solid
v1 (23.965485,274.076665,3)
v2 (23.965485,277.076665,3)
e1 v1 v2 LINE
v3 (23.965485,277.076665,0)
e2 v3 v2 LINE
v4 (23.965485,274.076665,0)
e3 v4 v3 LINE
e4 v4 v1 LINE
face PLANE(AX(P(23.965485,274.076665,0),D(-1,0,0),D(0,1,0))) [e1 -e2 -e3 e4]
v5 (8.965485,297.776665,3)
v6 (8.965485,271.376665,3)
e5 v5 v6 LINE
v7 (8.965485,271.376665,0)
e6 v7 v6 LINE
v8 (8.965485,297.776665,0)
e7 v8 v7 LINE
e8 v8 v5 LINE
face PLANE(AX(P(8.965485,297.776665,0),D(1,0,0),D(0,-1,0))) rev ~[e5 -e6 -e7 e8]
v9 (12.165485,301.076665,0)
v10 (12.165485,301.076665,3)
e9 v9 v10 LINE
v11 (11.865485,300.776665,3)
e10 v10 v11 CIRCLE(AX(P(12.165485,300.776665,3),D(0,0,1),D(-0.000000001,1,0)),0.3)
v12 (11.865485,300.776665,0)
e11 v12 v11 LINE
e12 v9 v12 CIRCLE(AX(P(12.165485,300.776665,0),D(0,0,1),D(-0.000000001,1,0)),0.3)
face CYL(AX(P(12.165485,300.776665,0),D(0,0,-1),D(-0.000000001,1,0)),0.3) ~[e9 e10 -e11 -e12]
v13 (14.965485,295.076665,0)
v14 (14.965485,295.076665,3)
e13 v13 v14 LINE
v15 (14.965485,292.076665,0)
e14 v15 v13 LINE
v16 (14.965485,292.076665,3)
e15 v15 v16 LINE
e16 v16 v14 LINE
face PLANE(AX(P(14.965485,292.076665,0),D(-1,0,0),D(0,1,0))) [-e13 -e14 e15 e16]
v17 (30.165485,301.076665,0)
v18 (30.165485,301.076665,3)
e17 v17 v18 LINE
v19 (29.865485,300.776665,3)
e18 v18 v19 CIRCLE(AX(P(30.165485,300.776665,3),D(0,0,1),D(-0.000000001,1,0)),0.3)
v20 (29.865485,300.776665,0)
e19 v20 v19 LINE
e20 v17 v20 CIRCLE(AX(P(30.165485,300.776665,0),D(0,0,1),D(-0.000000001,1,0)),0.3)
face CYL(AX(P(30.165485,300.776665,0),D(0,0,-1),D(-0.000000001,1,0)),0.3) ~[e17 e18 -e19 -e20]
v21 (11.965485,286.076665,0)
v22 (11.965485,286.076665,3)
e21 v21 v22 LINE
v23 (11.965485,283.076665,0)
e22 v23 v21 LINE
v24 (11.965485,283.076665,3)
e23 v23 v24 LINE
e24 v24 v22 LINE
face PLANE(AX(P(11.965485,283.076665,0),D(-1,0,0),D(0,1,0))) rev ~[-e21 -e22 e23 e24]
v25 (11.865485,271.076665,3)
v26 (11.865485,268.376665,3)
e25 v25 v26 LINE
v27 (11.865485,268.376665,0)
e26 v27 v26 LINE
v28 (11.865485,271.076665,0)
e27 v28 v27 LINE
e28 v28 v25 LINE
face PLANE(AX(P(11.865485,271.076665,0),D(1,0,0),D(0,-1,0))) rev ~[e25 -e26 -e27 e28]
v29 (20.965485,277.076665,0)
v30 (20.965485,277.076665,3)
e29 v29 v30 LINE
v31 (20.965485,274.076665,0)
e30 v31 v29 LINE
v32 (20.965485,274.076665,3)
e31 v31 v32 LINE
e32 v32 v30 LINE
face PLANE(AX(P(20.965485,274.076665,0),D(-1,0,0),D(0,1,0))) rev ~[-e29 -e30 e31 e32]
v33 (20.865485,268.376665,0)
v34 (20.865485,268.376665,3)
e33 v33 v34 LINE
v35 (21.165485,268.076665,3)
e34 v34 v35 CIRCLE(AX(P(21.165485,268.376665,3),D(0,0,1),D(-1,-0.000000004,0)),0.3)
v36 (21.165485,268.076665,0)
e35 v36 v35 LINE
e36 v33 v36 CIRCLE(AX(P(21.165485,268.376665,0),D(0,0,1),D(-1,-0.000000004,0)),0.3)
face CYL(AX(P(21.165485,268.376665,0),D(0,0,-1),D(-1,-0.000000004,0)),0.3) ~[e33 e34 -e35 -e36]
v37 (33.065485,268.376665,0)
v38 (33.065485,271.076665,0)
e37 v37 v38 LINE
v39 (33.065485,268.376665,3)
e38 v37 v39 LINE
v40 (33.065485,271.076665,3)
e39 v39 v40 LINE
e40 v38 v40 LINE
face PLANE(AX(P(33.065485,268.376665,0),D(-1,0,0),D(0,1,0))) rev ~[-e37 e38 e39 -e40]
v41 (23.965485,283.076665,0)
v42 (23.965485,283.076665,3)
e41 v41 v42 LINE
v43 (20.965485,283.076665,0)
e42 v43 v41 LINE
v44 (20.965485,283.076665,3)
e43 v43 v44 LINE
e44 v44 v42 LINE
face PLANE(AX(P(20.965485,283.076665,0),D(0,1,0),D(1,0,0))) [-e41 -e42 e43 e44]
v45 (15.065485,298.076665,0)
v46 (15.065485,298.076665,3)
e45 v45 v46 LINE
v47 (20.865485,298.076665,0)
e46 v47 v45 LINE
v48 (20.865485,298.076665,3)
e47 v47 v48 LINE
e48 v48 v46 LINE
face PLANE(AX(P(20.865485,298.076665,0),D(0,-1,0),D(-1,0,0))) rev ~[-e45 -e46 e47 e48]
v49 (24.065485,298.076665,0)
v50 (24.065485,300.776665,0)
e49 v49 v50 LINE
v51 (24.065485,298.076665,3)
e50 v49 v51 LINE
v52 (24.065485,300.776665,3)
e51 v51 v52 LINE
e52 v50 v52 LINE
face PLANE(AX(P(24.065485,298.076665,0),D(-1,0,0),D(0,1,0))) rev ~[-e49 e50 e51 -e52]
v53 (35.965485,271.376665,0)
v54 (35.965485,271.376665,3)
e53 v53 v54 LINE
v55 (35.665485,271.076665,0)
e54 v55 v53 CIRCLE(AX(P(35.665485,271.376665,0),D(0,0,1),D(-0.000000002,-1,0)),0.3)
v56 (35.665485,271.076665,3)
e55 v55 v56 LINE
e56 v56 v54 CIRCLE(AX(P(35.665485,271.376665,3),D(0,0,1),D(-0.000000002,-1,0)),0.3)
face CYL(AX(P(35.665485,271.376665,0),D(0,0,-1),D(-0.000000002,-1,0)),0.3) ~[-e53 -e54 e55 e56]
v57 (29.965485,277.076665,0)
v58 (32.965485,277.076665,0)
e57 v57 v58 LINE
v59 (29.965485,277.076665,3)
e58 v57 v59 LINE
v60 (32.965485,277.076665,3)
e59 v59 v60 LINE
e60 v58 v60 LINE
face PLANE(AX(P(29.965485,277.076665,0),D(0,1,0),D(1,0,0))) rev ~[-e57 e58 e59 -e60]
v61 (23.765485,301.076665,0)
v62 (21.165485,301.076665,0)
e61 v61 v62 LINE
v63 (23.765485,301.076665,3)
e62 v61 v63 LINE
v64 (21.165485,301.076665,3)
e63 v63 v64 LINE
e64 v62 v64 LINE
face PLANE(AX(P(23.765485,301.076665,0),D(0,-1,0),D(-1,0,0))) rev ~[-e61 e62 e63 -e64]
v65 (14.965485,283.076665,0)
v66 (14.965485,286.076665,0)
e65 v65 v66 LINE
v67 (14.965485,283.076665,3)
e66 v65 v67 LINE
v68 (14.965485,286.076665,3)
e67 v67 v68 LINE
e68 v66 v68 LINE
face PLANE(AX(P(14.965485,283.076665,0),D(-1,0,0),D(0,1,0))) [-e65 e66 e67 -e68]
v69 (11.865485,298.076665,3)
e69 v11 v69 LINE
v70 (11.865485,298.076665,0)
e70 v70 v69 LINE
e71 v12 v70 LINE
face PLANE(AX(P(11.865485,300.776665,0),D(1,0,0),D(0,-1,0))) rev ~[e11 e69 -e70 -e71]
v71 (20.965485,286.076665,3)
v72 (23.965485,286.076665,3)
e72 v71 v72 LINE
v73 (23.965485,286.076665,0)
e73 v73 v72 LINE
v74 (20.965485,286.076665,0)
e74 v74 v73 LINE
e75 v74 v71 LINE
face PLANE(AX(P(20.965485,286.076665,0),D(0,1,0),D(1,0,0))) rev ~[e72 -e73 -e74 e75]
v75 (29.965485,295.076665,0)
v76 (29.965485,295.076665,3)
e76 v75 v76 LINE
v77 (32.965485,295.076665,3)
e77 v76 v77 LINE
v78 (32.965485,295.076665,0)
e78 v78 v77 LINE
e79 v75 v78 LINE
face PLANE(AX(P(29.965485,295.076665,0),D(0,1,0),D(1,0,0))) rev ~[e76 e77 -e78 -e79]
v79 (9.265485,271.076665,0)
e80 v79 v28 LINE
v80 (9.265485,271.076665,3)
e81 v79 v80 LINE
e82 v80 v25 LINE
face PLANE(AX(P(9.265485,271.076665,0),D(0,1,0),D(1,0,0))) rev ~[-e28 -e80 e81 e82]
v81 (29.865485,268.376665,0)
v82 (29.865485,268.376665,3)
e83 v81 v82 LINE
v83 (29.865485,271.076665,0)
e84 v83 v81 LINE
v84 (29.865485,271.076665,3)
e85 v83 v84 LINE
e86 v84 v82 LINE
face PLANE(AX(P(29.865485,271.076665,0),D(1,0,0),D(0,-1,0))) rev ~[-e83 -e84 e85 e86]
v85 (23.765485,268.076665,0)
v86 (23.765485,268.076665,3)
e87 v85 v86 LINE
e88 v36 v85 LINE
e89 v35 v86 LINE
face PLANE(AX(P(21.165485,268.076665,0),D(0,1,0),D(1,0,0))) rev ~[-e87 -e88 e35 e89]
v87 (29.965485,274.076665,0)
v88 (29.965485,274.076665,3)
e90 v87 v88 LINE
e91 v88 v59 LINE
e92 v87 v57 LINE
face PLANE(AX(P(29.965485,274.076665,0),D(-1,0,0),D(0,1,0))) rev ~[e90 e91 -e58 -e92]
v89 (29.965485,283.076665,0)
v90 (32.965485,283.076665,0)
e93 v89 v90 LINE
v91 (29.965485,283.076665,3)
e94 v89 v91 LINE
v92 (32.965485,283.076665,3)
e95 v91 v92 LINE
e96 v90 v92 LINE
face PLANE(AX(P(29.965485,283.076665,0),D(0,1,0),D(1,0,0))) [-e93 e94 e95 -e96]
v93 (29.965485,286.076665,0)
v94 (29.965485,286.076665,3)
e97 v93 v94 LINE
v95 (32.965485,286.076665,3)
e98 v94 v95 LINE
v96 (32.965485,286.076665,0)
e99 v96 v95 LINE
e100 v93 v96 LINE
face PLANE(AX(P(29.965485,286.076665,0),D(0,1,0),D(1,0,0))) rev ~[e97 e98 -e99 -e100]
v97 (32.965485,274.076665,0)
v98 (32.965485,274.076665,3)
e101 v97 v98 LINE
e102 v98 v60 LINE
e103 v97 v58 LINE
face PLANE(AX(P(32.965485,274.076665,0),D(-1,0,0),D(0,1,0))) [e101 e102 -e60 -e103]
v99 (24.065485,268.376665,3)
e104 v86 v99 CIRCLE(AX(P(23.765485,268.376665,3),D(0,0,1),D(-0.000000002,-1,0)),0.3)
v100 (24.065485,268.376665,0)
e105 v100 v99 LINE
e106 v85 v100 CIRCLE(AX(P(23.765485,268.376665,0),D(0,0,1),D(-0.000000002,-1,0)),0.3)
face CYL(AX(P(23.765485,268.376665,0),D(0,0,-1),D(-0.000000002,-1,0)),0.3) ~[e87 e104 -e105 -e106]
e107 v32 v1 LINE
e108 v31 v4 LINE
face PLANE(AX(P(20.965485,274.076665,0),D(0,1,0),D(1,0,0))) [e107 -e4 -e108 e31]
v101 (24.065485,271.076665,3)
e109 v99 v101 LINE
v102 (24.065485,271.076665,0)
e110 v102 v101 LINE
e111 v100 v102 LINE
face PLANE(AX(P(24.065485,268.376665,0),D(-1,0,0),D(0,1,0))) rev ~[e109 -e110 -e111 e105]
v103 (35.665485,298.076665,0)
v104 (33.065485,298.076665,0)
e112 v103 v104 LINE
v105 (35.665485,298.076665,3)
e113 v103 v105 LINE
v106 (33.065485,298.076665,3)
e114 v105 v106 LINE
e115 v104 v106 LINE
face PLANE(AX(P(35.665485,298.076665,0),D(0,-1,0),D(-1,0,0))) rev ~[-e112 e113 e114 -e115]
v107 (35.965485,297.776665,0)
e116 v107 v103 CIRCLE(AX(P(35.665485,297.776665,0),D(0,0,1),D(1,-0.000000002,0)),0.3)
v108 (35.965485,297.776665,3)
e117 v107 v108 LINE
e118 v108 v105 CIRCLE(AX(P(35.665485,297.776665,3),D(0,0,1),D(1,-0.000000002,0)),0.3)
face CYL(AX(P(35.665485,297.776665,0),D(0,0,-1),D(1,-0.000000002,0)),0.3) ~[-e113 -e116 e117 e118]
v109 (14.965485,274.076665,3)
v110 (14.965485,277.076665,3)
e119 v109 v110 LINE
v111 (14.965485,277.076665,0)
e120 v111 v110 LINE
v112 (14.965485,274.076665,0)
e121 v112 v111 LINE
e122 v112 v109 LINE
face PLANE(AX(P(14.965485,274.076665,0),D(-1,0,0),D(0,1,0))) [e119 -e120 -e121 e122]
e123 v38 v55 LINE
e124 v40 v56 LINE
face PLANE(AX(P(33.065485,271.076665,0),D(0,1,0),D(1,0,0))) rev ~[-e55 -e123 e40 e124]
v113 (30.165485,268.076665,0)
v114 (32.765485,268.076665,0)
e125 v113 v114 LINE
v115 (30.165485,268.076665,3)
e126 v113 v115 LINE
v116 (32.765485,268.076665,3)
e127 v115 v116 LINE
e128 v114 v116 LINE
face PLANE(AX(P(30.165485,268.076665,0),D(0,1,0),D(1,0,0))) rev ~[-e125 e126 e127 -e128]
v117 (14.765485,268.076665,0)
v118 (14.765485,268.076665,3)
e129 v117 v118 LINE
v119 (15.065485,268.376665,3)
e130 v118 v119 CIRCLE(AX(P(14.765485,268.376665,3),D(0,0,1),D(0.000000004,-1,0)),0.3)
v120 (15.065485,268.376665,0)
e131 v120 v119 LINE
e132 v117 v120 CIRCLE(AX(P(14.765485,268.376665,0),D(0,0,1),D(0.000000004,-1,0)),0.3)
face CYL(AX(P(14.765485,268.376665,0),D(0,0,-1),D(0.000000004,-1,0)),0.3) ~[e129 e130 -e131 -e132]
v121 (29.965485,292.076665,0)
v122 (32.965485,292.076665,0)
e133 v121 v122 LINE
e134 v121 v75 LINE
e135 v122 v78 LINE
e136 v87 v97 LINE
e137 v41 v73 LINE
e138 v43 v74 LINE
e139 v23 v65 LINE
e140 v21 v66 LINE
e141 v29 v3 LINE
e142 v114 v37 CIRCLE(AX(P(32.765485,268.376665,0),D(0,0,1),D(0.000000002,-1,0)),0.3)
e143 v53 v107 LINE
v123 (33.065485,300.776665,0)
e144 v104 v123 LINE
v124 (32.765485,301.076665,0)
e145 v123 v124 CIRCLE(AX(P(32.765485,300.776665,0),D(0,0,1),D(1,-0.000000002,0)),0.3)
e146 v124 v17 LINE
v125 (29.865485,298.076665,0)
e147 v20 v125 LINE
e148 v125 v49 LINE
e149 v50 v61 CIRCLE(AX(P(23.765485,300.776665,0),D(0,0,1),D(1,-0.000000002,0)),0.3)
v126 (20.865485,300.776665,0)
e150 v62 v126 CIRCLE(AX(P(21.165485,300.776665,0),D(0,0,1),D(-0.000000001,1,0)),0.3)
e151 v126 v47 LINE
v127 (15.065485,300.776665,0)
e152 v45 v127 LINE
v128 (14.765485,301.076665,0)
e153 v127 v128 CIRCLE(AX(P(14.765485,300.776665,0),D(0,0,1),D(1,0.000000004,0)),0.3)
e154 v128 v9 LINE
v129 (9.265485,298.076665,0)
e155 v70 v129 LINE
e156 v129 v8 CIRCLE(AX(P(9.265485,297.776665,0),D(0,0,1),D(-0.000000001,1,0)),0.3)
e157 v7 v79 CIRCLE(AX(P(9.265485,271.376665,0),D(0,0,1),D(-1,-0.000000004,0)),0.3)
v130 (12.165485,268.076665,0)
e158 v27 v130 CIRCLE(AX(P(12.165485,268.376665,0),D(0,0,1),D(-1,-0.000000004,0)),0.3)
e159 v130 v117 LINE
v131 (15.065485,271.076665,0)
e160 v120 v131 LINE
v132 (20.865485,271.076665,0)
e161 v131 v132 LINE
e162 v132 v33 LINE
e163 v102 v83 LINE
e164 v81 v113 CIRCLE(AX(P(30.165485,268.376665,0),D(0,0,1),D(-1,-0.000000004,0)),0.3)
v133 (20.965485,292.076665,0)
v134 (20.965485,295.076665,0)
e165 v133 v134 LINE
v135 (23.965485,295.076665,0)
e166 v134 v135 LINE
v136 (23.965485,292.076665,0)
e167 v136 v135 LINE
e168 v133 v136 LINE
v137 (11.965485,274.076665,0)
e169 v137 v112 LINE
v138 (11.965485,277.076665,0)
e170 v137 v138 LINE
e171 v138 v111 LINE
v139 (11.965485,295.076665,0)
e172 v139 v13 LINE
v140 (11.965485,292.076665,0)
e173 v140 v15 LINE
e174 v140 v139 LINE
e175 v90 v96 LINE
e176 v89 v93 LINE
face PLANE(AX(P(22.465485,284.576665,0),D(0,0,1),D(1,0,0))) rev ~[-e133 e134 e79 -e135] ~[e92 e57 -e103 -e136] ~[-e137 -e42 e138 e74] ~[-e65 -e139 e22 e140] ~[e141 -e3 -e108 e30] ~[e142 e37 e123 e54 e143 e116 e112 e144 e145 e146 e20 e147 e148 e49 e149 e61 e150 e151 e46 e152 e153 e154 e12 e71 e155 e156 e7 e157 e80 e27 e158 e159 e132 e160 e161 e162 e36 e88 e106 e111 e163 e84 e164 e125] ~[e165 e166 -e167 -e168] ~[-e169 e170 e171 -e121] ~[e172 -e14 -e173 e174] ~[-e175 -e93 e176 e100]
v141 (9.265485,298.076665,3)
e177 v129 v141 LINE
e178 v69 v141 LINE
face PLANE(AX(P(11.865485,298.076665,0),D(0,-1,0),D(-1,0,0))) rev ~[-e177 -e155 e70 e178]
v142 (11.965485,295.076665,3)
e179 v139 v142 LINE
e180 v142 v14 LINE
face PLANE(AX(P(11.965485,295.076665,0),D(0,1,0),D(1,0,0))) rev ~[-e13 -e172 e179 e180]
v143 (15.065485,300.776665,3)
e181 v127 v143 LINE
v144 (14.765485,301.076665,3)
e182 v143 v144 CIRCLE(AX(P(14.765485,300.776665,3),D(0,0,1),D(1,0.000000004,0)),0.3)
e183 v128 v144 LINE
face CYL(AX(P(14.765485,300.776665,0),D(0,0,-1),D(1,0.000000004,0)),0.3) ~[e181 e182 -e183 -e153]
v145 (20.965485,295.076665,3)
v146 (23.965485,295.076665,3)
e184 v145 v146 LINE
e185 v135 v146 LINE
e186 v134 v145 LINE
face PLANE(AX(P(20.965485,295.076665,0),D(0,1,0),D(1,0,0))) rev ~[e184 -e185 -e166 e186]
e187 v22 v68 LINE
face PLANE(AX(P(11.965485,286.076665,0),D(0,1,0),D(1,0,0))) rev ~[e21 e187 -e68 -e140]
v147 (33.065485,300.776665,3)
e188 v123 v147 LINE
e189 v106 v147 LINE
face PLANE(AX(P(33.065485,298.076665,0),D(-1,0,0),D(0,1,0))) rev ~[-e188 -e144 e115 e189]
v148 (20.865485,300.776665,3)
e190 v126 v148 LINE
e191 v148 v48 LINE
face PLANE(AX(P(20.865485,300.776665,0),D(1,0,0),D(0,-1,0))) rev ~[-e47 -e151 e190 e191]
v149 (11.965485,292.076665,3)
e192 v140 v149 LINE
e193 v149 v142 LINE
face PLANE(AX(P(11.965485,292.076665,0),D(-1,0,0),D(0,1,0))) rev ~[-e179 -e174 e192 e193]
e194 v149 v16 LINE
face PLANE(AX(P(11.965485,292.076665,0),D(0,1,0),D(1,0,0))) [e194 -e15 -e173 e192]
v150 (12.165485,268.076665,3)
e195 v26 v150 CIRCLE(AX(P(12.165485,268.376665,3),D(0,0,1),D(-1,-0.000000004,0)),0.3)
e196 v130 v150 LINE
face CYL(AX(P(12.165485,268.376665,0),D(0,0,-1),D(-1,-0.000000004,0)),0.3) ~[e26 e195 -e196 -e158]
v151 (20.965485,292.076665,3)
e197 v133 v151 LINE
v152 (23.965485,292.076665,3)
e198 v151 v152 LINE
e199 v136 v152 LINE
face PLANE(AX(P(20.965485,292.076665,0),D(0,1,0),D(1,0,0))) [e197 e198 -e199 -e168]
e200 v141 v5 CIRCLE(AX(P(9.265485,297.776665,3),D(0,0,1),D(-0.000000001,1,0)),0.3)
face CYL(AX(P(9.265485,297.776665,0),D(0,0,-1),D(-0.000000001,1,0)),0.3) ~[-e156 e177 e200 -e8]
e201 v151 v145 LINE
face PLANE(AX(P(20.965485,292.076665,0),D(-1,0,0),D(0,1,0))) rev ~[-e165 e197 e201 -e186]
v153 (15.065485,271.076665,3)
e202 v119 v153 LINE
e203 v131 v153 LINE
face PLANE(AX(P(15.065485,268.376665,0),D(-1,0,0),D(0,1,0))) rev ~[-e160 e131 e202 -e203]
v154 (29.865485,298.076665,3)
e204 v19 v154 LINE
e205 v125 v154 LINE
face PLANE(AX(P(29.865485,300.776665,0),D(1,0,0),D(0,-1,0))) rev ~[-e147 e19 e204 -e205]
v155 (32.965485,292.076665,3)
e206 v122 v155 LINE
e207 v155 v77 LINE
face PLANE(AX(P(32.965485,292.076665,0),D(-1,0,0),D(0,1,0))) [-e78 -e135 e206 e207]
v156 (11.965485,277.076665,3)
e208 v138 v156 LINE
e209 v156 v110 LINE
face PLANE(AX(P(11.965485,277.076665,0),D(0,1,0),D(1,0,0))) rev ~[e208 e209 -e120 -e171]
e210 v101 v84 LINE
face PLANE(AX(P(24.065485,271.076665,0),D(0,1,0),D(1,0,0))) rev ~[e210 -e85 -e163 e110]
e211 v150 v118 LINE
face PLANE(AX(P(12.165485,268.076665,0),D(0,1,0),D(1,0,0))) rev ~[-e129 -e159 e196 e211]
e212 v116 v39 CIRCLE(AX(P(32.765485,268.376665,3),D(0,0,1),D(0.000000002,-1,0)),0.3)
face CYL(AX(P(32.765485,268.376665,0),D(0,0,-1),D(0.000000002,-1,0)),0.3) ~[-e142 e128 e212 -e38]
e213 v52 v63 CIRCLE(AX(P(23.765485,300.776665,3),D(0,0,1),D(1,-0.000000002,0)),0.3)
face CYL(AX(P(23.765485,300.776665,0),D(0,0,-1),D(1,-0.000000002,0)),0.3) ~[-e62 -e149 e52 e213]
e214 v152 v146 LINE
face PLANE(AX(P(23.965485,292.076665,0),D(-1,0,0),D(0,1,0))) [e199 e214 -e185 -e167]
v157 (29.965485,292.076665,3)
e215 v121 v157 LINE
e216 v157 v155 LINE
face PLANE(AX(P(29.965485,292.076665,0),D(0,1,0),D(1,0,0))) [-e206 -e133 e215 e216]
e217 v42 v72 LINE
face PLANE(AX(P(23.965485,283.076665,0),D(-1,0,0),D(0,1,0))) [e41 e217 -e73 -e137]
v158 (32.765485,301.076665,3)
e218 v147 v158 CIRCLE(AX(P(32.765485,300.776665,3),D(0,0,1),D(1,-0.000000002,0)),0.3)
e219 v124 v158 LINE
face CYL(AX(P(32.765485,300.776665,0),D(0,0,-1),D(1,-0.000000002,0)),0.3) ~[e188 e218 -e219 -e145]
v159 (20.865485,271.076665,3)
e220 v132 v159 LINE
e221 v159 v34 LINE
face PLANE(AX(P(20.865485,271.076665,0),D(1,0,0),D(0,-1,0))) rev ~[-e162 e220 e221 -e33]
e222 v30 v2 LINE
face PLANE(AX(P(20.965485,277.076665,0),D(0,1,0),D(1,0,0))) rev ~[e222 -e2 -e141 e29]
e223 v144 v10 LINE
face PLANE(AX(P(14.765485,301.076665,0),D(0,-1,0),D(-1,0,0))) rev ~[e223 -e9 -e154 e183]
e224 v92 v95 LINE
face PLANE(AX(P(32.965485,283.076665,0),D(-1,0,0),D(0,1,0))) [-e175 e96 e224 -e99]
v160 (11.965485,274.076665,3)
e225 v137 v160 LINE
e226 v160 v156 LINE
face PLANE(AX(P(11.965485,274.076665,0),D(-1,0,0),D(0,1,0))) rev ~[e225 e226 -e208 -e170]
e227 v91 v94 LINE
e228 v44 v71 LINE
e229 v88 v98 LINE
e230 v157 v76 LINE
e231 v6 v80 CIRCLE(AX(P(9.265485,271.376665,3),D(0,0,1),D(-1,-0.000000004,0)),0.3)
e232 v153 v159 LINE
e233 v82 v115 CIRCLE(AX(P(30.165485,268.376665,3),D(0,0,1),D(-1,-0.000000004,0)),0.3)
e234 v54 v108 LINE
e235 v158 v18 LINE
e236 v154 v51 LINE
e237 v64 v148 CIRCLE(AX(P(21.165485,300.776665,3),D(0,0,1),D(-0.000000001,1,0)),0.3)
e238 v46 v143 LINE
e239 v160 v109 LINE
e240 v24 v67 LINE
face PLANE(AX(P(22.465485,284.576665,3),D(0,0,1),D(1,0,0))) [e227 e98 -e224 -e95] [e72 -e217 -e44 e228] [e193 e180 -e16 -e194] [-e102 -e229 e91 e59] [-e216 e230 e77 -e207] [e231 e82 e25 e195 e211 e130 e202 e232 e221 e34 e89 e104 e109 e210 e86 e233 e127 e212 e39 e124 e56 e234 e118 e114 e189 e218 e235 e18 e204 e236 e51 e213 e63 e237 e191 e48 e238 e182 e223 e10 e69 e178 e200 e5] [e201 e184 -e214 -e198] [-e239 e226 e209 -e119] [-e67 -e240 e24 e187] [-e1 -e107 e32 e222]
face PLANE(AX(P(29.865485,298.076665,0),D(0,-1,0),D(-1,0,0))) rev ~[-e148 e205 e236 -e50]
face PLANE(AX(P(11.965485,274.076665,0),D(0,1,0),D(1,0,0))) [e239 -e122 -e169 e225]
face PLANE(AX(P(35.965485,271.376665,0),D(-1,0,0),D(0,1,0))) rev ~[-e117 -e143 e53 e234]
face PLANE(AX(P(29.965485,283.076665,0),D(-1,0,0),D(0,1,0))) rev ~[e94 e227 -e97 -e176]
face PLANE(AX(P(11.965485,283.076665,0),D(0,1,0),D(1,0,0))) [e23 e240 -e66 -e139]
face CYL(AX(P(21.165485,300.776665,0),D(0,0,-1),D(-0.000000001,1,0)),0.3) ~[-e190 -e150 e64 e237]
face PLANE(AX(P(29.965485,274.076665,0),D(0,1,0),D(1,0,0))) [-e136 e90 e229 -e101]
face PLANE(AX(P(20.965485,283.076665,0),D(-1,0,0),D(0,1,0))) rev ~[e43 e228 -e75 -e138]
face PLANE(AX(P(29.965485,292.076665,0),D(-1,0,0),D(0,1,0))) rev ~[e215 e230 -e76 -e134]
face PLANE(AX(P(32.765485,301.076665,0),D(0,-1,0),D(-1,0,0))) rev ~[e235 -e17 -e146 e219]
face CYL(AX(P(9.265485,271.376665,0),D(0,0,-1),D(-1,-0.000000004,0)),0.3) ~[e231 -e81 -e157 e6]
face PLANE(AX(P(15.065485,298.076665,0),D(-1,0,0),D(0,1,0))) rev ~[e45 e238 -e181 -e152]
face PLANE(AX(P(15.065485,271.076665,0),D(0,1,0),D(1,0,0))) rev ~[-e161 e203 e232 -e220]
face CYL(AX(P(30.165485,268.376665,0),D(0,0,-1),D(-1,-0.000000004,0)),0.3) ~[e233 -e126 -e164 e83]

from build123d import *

# Parameters (mm, degrees)
MODEL_W                 = 3
MODEL_H                 = 3
MODEL_W_2               = 3.000000001
SALIENTE_EXTRUIR1_DEPTH = 3


with BuildPart() as part:
    # Model → Saliente-Extruir1 (new body)
    with BuildSketch(Plane.XY):
        with BuildLine():
            Line((8.96548528, 297.776664772), (8.96548528, 271.376664772))
            ThreePointArc((8.96548528, 271.376664772), (9.053353246, 271.164532738), (9.265485281, 271.076664772))
            Line((9.265485281, 271.076664772), (11.86548528, 271.076664772))
            Line((11.86548528, 271.076664772), (11.86548528, 268.376664772))
            ThreePointArc((11.86548528, 268.376664772), (11.953353246, 268.164532738), (12.165485281, 268.076664772))
            Line((12.165485281, 268.076664772), (14.765485281, 268.076664772))
            ThreePointArc((14.765485281, 268.076664772), (14.977617315, 268.164532738), (15.065485281, 268.376664772))
            Line((15.065485281, 268.376664772), (15.065485281, 271.076664772))
            Line((15.065485281, 271.076664772), (20.86548528, 271.076664772))
            Line((20.86548528, 271.076664772), (20.86548528, 268.376664772))
            ThreePointArc((20.86548528, 268.376664772), (20.953353246, 268.164532738), (21.165485281, 268.076664772))
            Line((21.165485281, 268.076664772), (23.76548528, 268.076664772))
            ThreePointArc((23.76548528, 268.076664772), (23.977617315, 268.164532738), (24.06548528, 268.376664772))
            Line((24.06548528, 268.376664772), (24.06548528, 271.076664772))
            Line((24.06548528, 271.076664772), (29.86548528, 271.076664772))
            Line((29.86548528, 271.076664772), (29.86548528, 268.376664772))
            ThreePointArc((29.86548528, 268.376664772), (29.953353246, 268.164532738), (30.165485281, 268.076664772))
            Line((30.165485281, 268.076664772), (32.765485281, 268.076664772))
            ThreePointArc((32.765485281, 268.076664772), (32.977617315, 268.164532738), (33.06548528, 268.376664772))
            Line((33.06548528, 268.376664772), (33.06548528, 271.076664772))
            Line((33.06548528, 271.076664772), (35.66548528, 271.076664772))
            ThreePointArc((35.66548528, 271.076664772), (35.877617315, 271.164532738), (35.96548528, 271.376664772))
            Line((35.96548528, 271.376664772), (35.96548528, 297.776664772))
            ThreePointArc((35.96548528, 297.776664772), (35.877617315, 297.988796806), (35.66548528, 298.076664772))
            Line((35.66548528, 298.076664772), (33.06548528, 298.076664772))
            Line((33.06548528, 298.076664772), (33.06548528, 300.776664772))
            ThreePointArc((33.06548528, 300.776664772), (32.977617315, 300.988796806), (32.765485281, 301.076664772))
            Line((32.765485281, 301.076664772), (30.165485281, 301.076664772))
            ThreePointArc((30.165485281, 301.076664772), (29.953353246, 300.988796806), (29.86548528, 300.776664772))
            Line((29.86548528, 300.776664772), (29.86548528, 298.076664772))
            Line((29.86548528, 298.076664772), (24.06548528, 298.076664772))
            Line((24.06548528, 298.076664772), (24.06548528, 300.776664772))
            ThreePointArc((24.06548528, 300.776664772), (23.977617315, 300.988796806), (23.76548528, 301.076664772))
            Line((23.76548528, 301.076664772), (21.165485281, 301.076664772))
            ThreePointArc((21.165485281, 301.076664772), (20.953353246, 300.988796806), (20.86548528, 300.776664772))
            Line((20.86548528, 300.776664772), (20.86548528, 298.076664772))
            Line((20.86548528, 298.076664772), (15.065485281, 298.076664772))
            Line((15.065485281, 298.076664772), (15.065485281, 300.776664772))
            ThreePointArc((15.065485281, 300.776664772), (14.977617315, 300.988796806), (14.765485281, 301.076664772))
            Line((14.765485281, 301.076664772), (12.165485281, 301.076664772))
            ThreePointArc((12.165485281, 301.076664772), (11.953353246, 300.988796806), (11.86548528, 300.776664772))
            Line((11.86548528, 300.776664772), (11.86548528, 298.076664772))
            Line((11.86548528, 298.076664772), (9.265485281, 298.076664772))
            ThreePointArc((9.265485281, 298.076664772), (9.053353246, 297.988796806), (8.96548528, 297.776664772))
        make_face()
        with Locations((13.46548528, 293.576664772)):
            Rectangle(MODEL_W, MODEL_H, mode=Mode.SUBTRACT)
        with Locations((22.465485281, 293.576664772)):
            Rectangle(MODEL_W_2, MODEL_H, mode=Mode.SUBTRACT)
        with Locations((31.46548528, 293.576664772)):
            Rectangle(MODEL_W, MODEL_H, mode=Mode.SUBTRACT)
        with Locations((13.46548528, 275.576664772)):
            Rectangle(MODEL_W, MODEL_H, mode=Mode.SUBTRACT)
        with Locations((22.465485281, 275.576664772)):
            Rectangle(MODEL_W_2, MODEL_H, mode=Mode.SUBTRACT)
        with Locations((31.46548528, 275.576664772)):
            Rectangle(MODEL_W, MODEL_H, mode=Mode.SUBTRACT)
        with Locations((13.46548528, 284.576664772)):
            Rectangle(MODEL_W, MODEL_H, mode=Mode.SUBTRACT)
        with Locations((22.465485281, 284.576664772)):
            Rectangle(MODEL_W_2, MODEL_H, mode=Mode.SUBTRACT)
        with Locations((31.46548528, 284.576664772)):
            Rectangle(MODEL_W, MODEL_H, mode=Mode.SUBTRACT)
    extrude(amount=SALIENTE_EXTRUIR1_DEPTH)


solid = part.part
